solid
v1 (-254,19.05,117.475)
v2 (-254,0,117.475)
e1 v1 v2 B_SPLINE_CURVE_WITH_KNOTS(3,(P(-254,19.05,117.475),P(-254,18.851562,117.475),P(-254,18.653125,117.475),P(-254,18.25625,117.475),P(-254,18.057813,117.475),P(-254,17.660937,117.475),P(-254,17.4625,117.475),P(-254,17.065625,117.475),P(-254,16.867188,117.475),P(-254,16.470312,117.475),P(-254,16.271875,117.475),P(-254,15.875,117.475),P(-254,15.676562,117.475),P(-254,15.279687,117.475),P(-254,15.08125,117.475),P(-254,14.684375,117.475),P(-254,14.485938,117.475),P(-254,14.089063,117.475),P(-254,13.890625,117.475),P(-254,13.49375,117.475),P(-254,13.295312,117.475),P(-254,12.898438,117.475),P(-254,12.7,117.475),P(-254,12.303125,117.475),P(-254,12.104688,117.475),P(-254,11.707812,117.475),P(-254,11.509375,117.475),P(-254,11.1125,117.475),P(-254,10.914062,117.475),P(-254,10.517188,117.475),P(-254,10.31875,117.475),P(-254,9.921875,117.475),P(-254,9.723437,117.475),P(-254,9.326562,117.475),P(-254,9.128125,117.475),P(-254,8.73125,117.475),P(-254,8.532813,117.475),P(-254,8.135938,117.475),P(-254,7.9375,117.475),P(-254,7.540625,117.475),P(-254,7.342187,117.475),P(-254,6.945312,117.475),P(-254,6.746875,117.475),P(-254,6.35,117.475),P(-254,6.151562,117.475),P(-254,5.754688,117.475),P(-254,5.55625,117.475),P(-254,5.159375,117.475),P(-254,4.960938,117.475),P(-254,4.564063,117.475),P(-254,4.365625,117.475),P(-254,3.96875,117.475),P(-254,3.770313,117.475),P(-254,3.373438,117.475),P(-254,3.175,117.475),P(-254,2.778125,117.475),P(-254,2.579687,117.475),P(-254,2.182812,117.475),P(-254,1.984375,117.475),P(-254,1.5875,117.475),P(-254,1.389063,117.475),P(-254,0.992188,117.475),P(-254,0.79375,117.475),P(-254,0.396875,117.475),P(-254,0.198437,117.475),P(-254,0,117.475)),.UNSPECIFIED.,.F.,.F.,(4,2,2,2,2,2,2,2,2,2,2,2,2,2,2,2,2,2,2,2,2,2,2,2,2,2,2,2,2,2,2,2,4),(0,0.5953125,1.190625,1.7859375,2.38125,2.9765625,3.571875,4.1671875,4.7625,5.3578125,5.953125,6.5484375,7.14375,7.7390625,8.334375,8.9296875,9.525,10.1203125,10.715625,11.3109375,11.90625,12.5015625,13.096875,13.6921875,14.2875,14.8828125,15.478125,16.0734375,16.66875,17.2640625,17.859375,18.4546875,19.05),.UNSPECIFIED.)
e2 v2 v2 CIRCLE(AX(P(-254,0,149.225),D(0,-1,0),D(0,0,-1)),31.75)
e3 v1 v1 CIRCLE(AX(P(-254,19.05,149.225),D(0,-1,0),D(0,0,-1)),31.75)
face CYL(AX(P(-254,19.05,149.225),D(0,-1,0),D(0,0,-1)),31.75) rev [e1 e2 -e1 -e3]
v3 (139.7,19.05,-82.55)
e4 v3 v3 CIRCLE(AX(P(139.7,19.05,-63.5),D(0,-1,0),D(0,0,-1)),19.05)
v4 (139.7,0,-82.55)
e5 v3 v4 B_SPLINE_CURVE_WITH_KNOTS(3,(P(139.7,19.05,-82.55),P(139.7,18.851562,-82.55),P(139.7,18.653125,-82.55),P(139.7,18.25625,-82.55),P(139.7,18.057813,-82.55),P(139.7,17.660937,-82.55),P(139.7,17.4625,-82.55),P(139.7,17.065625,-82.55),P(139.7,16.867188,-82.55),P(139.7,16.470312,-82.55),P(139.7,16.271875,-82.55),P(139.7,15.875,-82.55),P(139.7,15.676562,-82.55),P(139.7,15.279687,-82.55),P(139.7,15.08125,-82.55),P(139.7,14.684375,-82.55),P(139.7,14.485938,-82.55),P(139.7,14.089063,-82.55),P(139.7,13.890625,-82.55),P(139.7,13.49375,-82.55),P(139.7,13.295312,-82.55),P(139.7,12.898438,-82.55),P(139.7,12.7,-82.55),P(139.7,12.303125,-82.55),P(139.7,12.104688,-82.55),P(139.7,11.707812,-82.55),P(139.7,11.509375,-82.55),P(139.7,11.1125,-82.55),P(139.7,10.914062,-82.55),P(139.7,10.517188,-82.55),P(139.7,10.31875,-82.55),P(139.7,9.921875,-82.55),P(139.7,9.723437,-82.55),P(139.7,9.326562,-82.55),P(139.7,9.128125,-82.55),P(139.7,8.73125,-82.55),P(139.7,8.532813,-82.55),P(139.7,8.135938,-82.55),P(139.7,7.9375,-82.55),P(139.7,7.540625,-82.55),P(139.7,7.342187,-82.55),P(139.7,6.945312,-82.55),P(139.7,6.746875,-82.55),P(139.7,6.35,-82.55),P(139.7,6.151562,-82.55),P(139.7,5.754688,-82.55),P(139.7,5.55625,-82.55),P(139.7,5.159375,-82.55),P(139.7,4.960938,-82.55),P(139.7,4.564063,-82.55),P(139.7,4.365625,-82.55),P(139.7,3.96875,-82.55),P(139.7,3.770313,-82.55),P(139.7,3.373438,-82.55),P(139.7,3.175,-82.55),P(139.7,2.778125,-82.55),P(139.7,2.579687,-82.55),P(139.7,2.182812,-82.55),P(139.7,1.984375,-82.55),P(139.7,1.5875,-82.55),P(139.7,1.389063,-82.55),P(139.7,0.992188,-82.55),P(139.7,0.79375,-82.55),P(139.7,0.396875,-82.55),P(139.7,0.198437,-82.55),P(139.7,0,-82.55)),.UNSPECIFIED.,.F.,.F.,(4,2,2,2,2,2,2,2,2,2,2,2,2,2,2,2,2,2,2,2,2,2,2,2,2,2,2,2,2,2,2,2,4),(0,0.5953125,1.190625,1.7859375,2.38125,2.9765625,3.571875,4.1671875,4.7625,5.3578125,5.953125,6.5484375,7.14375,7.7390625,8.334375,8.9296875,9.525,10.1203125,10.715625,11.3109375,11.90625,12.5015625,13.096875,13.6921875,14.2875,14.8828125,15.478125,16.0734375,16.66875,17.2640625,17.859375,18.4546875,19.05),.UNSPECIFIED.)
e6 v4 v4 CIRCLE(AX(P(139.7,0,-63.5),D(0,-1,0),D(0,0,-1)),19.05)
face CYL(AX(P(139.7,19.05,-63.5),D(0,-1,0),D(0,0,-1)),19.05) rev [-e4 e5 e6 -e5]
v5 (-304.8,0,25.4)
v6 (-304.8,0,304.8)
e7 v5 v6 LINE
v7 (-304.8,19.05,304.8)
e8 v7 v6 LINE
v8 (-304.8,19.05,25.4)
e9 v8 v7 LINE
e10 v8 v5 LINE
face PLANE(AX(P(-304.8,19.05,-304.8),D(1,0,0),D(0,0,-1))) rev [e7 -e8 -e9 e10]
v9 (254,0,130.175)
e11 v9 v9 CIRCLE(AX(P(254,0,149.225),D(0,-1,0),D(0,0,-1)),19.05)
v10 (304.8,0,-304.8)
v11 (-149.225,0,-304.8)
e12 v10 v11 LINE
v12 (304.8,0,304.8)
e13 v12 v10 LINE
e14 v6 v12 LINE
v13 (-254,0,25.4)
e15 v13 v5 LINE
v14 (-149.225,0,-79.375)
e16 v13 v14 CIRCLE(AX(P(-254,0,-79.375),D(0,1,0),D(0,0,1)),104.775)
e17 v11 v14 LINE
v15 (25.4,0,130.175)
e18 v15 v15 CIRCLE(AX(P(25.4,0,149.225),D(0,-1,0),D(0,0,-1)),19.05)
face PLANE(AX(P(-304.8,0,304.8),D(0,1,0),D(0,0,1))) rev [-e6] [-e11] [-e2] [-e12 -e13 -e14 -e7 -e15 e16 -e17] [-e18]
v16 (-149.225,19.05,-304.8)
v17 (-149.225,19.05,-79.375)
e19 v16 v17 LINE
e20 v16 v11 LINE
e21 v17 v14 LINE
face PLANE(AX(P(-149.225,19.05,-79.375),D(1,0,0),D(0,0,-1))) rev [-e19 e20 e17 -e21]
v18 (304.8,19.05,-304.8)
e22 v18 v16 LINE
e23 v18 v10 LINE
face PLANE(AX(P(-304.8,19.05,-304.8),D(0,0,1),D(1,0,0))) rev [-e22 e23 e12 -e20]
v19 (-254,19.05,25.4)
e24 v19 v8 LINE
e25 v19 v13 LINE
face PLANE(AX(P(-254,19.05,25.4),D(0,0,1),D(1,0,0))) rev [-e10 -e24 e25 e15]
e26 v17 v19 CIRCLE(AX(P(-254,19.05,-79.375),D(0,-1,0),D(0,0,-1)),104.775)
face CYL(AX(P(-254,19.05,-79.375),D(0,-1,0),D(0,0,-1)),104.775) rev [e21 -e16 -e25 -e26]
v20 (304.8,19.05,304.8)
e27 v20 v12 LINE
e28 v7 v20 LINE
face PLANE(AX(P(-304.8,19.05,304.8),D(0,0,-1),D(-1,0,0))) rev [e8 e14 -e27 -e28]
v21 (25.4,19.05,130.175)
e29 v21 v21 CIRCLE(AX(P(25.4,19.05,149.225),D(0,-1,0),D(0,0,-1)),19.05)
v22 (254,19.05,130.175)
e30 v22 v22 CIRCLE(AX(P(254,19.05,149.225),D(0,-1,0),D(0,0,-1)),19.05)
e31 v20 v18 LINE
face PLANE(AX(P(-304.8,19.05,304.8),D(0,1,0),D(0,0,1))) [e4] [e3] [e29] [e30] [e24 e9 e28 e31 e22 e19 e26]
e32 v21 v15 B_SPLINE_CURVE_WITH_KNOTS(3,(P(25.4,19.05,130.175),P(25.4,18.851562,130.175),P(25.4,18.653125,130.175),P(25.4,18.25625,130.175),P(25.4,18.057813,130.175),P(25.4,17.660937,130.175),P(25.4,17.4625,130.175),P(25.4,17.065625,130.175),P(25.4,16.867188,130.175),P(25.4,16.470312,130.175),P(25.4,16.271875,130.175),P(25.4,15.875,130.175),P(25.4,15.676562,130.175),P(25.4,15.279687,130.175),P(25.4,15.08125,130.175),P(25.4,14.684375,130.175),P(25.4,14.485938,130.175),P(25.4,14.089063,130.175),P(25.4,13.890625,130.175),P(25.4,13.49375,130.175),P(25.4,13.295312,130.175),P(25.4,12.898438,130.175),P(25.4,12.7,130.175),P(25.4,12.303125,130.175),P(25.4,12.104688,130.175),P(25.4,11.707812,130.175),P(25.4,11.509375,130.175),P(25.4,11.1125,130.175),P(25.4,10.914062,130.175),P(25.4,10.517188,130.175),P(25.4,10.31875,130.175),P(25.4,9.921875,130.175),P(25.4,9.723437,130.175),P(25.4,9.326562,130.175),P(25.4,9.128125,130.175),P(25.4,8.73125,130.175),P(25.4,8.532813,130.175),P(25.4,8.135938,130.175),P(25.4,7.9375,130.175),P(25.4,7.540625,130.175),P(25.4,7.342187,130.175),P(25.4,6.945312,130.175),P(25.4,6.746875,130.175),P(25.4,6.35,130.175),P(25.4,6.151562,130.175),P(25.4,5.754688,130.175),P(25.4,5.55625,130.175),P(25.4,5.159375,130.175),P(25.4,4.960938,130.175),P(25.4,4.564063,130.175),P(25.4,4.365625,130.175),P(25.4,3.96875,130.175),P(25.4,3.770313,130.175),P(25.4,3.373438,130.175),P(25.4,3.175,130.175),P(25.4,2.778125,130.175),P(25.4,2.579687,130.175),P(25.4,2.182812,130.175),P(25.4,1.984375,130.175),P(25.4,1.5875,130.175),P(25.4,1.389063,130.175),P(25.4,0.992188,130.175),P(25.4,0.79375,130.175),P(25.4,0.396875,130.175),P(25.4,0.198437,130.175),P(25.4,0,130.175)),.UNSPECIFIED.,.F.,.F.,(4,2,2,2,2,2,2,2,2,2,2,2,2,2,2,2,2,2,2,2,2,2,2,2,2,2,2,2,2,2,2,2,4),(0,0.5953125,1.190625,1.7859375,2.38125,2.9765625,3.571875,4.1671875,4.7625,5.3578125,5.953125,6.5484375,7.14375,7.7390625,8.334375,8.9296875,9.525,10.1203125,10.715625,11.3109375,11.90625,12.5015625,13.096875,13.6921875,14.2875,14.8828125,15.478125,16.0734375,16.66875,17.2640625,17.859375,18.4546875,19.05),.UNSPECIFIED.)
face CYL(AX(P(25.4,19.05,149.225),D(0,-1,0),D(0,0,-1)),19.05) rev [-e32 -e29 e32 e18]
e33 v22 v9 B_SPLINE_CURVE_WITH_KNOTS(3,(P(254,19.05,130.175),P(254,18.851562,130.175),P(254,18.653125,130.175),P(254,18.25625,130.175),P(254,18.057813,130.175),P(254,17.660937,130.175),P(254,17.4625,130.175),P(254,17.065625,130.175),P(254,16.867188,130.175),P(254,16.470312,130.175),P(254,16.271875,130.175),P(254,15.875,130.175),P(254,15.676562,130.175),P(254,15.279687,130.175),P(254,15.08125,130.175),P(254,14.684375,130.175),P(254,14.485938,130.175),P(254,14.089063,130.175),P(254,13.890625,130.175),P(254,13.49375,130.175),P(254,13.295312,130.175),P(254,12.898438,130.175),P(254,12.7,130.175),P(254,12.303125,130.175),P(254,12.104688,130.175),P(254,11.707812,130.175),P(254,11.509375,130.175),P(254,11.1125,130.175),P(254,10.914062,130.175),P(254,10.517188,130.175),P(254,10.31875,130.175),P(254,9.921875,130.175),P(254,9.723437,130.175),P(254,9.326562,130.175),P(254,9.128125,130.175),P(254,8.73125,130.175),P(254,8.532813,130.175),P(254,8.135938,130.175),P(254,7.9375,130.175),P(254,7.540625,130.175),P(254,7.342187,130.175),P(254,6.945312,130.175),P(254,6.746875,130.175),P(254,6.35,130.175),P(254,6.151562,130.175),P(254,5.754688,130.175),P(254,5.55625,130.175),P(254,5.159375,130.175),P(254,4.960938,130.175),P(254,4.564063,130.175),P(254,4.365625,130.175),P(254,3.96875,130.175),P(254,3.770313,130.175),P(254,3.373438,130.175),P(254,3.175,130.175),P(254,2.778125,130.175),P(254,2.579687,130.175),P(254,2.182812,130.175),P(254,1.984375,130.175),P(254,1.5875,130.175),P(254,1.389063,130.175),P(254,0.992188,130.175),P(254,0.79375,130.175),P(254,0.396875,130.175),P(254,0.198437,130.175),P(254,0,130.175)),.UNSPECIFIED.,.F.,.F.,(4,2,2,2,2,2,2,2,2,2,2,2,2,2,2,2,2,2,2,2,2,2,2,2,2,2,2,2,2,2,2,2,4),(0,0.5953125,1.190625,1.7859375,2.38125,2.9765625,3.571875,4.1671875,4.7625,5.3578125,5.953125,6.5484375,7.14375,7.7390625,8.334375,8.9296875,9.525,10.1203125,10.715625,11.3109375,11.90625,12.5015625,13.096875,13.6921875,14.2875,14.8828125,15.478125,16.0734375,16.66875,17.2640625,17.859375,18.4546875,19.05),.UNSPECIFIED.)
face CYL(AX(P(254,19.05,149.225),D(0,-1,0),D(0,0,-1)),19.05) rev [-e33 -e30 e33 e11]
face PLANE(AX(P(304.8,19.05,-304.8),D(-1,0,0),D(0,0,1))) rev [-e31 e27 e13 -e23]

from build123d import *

# Parameters (mm, degrees)
SKETCH1_W           = 609.6
SKETCH1_H           = 609.6
BOSS_EXTRUDE1_DEPTH = 19.05
SKETCH2_R           = 31.75
CUT_EXTRUDE1_DEPTH  = 432.473037976
SKETCH9_R           = 104.775
CUT_EXTRUDE8_DEPTH  = 432.473037976
CUT_EXTRUDE9_DEPTH  = 432.473037976
SKETCH11_W          = 123.071998818
SKETCH11_H          = 104.775
CUT_EXTRUDE10_DEPTH = 432.473037976
SKETCH12_R          = 19.05
CUT_EXTRUDE11_DEPTH = 432.473037976
SKETCH13_R          = 19.05
CUT_EXTRUDE12_DEPTH = 432.473037976


with BuildPart() as part:
    # Sketch1 → Boss-Extrude1 (new body)
    with BuildSketch(Plane(origin=(0, 0, 0), x_dir=(1, 0, 0), z_dir=(0, 1, 0))):
        Rectangle(SKETCH1_W, SKETCH1_H)
    extrude(amount=BOSS_EXTRUDE1_DEPTH)

    # Sketch2 → Cut-Extrude1 (cut, through all)
    with BuildSketch(Plane.XZ):
        with Locations(Location((-254, 149.225, 0), (0, 0, 270))):
            Circle(SKETCH2_R)
    extrude(amount=-CUT_EXTRUDE1_DEPTH, mode=Mode.SUBTRACT)

    # Sketch9 → Cut-Extrude8 (cut, through all)
    with BuildSketch(Plane.XZ):
        with Locations((-254, -79.375)):
            Circle(SKETCH9_R)
    extrude(amount=-CUT_EXTRUDE8_DEPTH, mode=Mode.SUBTRACT)

    # Sketch10 → Cut-Extrude9 (cut, through all)
    with BuildSketch(Plane.XZ):
        Polygon((-254, -79.375), (-149.225, -79.375), (-149.225, -304.8), (-304.8, -304.8), (-304.8, -79.375), align=None)
    extrude(amount=-CUT_EXTRUDE9_DEPTH, mode=Mode.SUBTRACT)

    # Sketch11 → Cut-Extrude10 (cut, through all)
    with BuildSketch(Plane.XZ):
        with Locations((-315.535999409, -26.9875)):
            Rectangle(SKETCH11_W, SKETCH11_H)
    extrude(amount=-CUT_EXTRUDE10_DEPTH, mode=Mode.SUBTRACT)

    # Sketch12 → Cut-Extrude11 (cut, through all)
    with BuildSketch(Plane.XZ):
        with Locations(Location((25.4, 149.225, 0), (0, 0, 270))):
            Circle(SKETCH12_R)
        with Locations(Location((254, 149.225, 0), (0, 0, 270))):
            Circle(SKETCH12_R)
    extrude(amount=-CUT_EXTRUDE11_DEPTH, mode=Mode.SUBTRACT)

    # Sketch13 → Cut-Extrude12 (cut, through all)
    with BuildSketch(Plane.XZ):
        with Locations(Location((139.7, -63.5, 0), (0, 0, 270))):
            Circle(SKETCH13_R)
    extrude(amount=-CUT_EXTRUDE12_DEPTH, mode=Mode.SUBTRACT)


solid = part.part
